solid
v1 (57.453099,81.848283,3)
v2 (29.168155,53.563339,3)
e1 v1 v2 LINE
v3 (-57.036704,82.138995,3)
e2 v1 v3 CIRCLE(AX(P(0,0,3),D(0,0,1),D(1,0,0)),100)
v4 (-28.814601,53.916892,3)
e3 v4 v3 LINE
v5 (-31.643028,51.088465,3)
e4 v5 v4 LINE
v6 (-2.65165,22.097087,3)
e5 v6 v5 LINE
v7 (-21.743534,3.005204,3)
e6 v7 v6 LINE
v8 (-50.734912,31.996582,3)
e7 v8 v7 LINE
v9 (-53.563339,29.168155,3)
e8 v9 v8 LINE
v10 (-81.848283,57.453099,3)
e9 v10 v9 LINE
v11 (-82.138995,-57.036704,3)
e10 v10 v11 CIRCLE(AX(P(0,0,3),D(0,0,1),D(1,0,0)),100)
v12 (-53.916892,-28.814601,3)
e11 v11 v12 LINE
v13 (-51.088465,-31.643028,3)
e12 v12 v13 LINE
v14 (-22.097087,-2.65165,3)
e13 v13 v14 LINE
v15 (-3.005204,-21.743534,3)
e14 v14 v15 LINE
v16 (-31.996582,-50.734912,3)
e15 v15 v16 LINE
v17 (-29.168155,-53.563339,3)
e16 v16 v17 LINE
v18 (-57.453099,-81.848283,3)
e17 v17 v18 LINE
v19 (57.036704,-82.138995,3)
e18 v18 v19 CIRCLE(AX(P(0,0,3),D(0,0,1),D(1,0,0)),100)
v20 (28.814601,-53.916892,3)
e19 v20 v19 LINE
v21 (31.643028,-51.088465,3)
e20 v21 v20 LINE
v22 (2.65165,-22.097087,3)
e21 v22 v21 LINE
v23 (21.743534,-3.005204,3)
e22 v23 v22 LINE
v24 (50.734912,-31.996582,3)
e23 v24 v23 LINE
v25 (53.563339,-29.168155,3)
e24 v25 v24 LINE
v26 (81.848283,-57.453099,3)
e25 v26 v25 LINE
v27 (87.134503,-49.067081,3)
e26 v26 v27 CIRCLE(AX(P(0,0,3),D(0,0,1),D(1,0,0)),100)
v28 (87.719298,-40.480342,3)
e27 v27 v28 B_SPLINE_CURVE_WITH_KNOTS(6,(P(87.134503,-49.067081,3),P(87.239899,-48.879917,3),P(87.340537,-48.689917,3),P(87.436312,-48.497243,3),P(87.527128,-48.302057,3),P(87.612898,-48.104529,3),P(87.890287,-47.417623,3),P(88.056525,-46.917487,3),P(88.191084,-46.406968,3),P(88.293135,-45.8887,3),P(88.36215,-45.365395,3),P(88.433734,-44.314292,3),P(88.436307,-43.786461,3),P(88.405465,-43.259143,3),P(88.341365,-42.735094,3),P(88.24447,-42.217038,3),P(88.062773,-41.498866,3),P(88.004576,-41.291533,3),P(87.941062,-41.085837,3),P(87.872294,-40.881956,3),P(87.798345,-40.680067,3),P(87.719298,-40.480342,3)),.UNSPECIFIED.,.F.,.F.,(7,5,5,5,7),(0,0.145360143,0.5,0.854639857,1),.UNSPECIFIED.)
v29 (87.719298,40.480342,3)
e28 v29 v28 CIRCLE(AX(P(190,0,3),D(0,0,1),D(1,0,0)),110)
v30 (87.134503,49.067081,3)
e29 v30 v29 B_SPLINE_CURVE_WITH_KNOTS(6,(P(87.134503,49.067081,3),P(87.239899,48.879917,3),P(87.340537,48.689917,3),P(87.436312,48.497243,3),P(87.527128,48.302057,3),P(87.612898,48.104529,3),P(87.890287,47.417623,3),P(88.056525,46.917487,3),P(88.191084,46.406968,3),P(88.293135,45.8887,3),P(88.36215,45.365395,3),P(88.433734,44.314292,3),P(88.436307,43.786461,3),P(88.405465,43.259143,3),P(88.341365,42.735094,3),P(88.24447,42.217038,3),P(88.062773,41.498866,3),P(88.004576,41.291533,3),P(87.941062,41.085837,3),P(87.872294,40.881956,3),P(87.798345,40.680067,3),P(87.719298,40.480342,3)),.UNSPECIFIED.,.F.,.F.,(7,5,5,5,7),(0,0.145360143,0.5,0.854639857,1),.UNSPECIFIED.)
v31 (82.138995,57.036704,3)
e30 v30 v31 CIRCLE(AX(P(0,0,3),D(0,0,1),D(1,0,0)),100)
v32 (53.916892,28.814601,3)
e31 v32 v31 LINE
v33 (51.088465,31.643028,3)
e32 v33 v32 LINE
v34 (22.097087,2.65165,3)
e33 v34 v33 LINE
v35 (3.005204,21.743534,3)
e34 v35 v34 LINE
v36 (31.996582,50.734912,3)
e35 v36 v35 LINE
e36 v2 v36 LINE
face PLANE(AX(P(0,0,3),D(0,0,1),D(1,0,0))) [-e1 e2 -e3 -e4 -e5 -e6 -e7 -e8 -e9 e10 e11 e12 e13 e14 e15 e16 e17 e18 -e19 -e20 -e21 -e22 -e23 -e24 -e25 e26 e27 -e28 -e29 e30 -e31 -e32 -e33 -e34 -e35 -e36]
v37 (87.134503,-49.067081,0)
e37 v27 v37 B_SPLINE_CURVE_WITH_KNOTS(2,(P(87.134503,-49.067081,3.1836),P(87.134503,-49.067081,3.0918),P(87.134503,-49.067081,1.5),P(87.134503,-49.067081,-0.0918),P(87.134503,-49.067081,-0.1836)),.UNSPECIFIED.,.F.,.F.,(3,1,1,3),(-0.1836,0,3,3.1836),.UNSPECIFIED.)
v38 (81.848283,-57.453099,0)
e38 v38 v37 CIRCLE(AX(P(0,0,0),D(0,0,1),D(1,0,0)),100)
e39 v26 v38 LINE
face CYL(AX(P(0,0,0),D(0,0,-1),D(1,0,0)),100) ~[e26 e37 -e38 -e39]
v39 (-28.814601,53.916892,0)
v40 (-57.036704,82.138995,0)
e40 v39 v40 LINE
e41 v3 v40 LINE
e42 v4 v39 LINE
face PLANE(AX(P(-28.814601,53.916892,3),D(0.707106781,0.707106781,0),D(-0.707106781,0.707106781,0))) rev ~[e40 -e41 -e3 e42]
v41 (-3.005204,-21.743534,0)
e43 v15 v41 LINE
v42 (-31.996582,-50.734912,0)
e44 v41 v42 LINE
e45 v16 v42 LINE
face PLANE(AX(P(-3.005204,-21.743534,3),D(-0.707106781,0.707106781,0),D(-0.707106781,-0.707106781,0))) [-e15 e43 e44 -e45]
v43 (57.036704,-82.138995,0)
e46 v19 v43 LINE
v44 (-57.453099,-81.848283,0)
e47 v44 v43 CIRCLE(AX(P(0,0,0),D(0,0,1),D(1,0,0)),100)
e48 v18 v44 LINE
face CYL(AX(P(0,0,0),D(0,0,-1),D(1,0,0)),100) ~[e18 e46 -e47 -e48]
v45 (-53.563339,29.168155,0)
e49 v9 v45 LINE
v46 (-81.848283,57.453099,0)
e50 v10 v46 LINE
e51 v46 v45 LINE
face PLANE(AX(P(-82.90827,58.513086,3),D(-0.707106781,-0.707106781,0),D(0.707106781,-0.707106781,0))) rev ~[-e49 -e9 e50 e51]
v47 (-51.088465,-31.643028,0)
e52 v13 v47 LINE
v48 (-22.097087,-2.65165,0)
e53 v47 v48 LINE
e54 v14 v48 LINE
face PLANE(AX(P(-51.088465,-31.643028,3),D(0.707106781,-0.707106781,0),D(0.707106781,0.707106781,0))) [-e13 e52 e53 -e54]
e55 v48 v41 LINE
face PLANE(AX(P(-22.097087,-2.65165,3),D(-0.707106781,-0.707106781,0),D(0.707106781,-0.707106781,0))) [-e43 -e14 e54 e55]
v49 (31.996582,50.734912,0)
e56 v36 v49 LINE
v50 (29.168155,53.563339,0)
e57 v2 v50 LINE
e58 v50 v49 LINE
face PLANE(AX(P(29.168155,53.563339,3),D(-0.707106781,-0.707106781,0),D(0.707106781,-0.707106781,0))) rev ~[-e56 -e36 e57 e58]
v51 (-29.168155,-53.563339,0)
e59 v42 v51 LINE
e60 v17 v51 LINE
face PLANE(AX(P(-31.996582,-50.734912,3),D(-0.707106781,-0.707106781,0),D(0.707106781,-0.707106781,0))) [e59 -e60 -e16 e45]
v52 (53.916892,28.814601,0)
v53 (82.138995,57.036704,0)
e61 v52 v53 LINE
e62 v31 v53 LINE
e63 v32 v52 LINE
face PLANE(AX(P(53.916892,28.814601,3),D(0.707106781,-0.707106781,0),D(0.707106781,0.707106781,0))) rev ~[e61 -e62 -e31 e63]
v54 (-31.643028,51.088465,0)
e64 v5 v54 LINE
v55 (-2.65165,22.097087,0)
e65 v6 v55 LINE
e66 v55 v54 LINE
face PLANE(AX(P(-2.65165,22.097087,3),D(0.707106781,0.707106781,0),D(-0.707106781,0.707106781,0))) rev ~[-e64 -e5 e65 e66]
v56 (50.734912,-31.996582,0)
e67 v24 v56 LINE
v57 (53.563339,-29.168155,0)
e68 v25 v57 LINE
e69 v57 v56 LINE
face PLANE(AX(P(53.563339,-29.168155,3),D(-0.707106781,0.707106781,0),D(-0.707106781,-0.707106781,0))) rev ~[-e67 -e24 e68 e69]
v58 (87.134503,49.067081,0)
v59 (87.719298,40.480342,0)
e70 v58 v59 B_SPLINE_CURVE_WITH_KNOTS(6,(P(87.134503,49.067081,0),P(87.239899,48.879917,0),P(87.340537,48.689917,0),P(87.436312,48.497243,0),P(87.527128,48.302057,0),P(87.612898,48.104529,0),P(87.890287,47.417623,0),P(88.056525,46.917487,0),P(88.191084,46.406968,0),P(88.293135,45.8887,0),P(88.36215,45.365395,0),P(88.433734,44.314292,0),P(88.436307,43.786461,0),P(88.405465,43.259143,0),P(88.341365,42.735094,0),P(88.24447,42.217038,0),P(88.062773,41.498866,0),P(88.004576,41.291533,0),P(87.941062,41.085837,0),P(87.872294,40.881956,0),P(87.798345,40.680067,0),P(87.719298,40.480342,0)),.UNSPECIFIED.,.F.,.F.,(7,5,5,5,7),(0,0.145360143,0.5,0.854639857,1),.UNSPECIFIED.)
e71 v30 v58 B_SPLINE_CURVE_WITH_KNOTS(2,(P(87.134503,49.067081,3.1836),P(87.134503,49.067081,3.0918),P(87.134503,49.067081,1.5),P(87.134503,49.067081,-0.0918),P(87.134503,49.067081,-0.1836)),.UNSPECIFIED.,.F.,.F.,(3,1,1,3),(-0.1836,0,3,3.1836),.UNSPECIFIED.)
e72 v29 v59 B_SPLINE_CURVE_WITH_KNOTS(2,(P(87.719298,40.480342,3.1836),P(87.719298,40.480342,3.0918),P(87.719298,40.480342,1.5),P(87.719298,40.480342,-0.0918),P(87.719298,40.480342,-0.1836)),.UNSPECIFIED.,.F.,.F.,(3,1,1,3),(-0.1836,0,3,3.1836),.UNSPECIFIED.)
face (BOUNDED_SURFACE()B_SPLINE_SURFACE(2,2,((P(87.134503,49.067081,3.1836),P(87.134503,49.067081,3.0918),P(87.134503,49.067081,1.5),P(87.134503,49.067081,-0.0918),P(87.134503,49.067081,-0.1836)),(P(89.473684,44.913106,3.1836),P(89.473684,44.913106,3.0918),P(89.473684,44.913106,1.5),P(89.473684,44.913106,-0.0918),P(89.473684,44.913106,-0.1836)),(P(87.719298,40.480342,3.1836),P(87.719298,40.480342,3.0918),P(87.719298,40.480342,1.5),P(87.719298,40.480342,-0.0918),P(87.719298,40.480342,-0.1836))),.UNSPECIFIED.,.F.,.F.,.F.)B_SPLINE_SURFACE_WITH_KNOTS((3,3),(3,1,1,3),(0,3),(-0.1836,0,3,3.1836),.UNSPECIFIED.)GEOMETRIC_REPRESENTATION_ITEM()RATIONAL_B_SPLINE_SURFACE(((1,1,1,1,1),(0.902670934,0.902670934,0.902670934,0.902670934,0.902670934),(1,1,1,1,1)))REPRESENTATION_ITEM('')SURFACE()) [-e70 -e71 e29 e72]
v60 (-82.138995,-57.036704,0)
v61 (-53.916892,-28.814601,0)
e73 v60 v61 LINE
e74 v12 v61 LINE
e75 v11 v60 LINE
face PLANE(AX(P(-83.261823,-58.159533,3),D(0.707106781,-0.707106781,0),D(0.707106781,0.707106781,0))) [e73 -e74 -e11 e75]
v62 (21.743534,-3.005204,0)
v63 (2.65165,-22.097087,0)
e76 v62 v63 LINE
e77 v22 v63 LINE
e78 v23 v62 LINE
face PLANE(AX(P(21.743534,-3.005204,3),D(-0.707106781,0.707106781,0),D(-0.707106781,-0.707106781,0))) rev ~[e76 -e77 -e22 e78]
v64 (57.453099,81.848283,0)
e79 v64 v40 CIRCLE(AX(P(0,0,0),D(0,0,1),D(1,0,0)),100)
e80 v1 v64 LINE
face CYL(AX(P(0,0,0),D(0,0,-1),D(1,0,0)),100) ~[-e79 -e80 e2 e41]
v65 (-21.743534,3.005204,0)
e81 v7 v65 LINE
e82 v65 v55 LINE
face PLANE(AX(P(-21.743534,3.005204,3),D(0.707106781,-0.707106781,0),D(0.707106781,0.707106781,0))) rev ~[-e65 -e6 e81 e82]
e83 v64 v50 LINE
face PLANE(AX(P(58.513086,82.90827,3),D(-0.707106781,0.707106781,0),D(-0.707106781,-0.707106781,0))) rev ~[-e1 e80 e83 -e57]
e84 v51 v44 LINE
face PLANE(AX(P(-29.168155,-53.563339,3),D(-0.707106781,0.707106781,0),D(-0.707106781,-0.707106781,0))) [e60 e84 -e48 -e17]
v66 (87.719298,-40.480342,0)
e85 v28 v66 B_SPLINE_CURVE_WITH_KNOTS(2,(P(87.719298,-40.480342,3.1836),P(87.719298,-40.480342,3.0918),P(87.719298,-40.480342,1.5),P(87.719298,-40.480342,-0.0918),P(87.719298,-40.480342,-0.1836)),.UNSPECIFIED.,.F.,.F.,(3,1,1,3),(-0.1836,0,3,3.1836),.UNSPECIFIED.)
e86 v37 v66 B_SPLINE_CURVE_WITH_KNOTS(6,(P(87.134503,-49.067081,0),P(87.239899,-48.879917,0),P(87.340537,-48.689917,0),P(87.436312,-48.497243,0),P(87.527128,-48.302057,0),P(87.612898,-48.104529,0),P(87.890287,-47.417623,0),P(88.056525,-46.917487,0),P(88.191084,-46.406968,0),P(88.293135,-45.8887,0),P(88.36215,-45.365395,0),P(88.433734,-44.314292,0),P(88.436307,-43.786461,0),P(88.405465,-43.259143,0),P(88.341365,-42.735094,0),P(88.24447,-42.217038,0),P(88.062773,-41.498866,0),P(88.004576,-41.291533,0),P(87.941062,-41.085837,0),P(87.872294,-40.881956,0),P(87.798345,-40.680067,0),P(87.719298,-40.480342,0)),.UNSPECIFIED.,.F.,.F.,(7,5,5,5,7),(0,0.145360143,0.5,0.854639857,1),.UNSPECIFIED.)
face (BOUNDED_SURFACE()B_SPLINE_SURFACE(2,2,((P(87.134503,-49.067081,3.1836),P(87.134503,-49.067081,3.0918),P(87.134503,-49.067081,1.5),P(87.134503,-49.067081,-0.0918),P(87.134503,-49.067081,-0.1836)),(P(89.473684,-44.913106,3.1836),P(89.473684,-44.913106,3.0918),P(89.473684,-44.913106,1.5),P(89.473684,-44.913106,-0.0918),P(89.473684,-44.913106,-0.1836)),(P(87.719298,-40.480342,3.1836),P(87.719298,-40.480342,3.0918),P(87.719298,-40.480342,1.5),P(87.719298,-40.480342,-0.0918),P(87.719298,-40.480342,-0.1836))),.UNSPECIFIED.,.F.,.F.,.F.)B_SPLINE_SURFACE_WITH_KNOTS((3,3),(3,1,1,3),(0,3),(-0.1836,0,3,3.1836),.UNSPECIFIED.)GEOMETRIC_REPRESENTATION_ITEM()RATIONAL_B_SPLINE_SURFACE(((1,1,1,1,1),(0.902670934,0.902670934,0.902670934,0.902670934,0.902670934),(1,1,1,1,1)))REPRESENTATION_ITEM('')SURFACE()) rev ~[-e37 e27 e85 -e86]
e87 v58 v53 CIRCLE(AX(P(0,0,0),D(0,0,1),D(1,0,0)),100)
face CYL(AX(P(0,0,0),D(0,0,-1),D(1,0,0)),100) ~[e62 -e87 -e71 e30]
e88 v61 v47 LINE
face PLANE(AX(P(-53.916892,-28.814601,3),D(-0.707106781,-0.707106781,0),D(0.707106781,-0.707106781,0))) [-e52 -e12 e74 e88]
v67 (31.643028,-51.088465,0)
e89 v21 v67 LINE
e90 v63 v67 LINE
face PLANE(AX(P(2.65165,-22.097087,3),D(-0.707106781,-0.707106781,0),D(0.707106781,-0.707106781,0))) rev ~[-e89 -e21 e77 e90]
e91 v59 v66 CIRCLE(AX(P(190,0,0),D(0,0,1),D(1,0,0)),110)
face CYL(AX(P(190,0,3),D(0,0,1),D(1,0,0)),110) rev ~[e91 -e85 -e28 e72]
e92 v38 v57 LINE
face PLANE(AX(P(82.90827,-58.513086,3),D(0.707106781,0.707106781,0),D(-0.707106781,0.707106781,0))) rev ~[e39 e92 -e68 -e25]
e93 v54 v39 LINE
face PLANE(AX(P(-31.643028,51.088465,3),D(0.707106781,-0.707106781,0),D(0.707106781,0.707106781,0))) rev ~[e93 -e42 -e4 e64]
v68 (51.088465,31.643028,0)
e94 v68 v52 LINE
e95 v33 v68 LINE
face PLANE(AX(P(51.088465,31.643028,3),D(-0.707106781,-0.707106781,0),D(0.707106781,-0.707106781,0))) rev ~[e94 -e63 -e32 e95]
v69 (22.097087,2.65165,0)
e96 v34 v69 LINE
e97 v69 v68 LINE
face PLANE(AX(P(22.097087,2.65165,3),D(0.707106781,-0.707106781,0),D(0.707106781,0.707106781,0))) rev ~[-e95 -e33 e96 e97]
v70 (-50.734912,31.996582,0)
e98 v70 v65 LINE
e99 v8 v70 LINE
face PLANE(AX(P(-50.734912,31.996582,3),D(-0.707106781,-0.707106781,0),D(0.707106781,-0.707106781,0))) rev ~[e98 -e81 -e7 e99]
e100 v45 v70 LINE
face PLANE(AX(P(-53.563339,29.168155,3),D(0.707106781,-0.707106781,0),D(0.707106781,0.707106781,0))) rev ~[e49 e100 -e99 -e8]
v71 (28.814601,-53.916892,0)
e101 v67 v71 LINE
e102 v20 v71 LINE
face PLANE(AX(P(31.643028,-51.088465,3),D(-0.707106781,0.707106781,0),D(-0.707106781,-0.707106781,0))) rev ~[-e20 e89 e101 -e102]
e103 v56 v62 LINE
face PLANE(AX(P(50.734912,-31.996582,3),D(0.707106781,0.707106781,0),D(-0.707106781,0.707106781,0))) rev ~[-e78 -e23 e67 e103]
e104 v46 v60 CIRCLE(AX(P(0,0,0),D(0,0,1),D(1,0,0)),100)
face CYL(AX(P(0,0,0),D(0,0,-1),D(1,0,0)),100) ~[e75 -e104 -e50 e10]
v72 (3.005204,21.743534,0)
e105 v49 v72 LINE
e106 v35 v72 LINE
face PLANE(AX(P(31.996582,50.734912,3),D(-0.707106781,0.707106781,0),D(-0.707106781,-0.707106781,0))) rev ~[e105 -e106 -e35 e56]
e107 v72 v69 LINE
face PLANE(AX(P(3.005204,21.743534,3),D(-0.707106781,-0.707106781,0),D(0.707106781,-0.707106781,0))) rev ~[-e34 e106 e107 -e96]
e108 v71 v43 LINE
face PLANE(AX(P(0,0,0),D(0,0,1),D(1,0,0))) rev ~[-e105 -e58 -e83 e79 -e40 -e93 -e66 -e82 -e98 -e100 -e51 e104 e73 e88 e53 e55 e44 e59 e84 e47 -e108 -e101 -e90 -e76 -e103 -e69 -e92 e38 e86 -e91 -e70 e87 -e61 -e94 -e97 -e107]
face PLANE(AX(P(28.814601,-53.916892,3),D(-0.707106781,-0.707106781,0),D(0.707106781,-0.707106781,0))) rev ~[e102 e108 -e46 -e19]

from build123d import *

# Parameters (mm, degrees)
CROQUIS1_R              = 100
SALIENTE_EXTRUIR1_DEPTH = 3
CROQUIS3_R              = 110
CORTAR_EXTRUIR1_DEPTH   = 3
REDONDEO1_R             = 10
CORTAR_EXTRUIR2_DEPTH   = 142.453172607


with BuildPart() as part:
    # Croquis1 → Saliente-Extruir1 (new body)
    with BuildSketch(Plane.XY):
        Circle(CROQUIS1_R)
    extrude(amount=SALIENTE_EXTRUIR1_DEPTH)

    # Croquis3 → Cortar-Extruir1 (cut)
    with BuildSketch(Plane.XY.offset(3)):
        with Locations((190, 0)):
            Circle(CROQUIS3_R)
    extrude(amount=-CORTAR_EXTRUIR1_DEPTH, mode=Mode.SUBTRACT)

    # Redondeo1
    redondeo1_edges = [part.edges().sort_by_distance(p)[0] for p in [
        (89.473684211, -44.659375654, 1.5),
        (89.473684211, 44.659375654, 1.5),
    ]]
    fillet(redondeo1_edges, radius=REDONDEO1_R)

    # Croquis4 → Cortar-Extruir2 (cut, through all)
    with BuildSketch(Plane.XY.offset(3)):
        Polygon((-58.513086143, -82.908270094), (-83.261823485, -58.159532753), (-53.916892065, -28.814601333), (-51.088464941, -31.643028458), (-22.097086912, -2.651650429), (-3.00520382, -21.743533521), (-31.996581849, -50.73491155), (-29.168154724, -53.563338675), align=None)
        Polygon((-82.908270094, 58.513086143), (-53.563338675, 29.168154724), (-50.73491155, 31.996581849), (-21.743533521, 3.00520382), (-2.651650429, 22.097086912), (-31.643028458, 51.088464941), (-28.814601333, 53.916892065), (-58.159532753, 83.261823485), align=None)
        Polygon((58.513086143, 82.908270094), (29.168154724, 53.563338675), (31.996581849, 50.73491155), (3.00520382, 21.743533521), (22.097086912, 2.651650429), (51.088464941, 31.643028458), (53.916892065, 28.814601333), (83.261823485, 58.159532753), align=None)
        Polygon((82.908270094, -58.513086143), (53.563338675, -29.168154724), (50.73491155, -31.996581849), (21.743533521, -3.00520382), (2.651650429, -22.097086912), (31.643028458, -51.088464941), (28.814601333, -53.916892065), (58.159532753, -83.261823485), align=None)
    extrude(amount=-CORTAR_EXTRUIR2_DEPTH, mode=Mode.SUBTRACT)


solid = part.part
